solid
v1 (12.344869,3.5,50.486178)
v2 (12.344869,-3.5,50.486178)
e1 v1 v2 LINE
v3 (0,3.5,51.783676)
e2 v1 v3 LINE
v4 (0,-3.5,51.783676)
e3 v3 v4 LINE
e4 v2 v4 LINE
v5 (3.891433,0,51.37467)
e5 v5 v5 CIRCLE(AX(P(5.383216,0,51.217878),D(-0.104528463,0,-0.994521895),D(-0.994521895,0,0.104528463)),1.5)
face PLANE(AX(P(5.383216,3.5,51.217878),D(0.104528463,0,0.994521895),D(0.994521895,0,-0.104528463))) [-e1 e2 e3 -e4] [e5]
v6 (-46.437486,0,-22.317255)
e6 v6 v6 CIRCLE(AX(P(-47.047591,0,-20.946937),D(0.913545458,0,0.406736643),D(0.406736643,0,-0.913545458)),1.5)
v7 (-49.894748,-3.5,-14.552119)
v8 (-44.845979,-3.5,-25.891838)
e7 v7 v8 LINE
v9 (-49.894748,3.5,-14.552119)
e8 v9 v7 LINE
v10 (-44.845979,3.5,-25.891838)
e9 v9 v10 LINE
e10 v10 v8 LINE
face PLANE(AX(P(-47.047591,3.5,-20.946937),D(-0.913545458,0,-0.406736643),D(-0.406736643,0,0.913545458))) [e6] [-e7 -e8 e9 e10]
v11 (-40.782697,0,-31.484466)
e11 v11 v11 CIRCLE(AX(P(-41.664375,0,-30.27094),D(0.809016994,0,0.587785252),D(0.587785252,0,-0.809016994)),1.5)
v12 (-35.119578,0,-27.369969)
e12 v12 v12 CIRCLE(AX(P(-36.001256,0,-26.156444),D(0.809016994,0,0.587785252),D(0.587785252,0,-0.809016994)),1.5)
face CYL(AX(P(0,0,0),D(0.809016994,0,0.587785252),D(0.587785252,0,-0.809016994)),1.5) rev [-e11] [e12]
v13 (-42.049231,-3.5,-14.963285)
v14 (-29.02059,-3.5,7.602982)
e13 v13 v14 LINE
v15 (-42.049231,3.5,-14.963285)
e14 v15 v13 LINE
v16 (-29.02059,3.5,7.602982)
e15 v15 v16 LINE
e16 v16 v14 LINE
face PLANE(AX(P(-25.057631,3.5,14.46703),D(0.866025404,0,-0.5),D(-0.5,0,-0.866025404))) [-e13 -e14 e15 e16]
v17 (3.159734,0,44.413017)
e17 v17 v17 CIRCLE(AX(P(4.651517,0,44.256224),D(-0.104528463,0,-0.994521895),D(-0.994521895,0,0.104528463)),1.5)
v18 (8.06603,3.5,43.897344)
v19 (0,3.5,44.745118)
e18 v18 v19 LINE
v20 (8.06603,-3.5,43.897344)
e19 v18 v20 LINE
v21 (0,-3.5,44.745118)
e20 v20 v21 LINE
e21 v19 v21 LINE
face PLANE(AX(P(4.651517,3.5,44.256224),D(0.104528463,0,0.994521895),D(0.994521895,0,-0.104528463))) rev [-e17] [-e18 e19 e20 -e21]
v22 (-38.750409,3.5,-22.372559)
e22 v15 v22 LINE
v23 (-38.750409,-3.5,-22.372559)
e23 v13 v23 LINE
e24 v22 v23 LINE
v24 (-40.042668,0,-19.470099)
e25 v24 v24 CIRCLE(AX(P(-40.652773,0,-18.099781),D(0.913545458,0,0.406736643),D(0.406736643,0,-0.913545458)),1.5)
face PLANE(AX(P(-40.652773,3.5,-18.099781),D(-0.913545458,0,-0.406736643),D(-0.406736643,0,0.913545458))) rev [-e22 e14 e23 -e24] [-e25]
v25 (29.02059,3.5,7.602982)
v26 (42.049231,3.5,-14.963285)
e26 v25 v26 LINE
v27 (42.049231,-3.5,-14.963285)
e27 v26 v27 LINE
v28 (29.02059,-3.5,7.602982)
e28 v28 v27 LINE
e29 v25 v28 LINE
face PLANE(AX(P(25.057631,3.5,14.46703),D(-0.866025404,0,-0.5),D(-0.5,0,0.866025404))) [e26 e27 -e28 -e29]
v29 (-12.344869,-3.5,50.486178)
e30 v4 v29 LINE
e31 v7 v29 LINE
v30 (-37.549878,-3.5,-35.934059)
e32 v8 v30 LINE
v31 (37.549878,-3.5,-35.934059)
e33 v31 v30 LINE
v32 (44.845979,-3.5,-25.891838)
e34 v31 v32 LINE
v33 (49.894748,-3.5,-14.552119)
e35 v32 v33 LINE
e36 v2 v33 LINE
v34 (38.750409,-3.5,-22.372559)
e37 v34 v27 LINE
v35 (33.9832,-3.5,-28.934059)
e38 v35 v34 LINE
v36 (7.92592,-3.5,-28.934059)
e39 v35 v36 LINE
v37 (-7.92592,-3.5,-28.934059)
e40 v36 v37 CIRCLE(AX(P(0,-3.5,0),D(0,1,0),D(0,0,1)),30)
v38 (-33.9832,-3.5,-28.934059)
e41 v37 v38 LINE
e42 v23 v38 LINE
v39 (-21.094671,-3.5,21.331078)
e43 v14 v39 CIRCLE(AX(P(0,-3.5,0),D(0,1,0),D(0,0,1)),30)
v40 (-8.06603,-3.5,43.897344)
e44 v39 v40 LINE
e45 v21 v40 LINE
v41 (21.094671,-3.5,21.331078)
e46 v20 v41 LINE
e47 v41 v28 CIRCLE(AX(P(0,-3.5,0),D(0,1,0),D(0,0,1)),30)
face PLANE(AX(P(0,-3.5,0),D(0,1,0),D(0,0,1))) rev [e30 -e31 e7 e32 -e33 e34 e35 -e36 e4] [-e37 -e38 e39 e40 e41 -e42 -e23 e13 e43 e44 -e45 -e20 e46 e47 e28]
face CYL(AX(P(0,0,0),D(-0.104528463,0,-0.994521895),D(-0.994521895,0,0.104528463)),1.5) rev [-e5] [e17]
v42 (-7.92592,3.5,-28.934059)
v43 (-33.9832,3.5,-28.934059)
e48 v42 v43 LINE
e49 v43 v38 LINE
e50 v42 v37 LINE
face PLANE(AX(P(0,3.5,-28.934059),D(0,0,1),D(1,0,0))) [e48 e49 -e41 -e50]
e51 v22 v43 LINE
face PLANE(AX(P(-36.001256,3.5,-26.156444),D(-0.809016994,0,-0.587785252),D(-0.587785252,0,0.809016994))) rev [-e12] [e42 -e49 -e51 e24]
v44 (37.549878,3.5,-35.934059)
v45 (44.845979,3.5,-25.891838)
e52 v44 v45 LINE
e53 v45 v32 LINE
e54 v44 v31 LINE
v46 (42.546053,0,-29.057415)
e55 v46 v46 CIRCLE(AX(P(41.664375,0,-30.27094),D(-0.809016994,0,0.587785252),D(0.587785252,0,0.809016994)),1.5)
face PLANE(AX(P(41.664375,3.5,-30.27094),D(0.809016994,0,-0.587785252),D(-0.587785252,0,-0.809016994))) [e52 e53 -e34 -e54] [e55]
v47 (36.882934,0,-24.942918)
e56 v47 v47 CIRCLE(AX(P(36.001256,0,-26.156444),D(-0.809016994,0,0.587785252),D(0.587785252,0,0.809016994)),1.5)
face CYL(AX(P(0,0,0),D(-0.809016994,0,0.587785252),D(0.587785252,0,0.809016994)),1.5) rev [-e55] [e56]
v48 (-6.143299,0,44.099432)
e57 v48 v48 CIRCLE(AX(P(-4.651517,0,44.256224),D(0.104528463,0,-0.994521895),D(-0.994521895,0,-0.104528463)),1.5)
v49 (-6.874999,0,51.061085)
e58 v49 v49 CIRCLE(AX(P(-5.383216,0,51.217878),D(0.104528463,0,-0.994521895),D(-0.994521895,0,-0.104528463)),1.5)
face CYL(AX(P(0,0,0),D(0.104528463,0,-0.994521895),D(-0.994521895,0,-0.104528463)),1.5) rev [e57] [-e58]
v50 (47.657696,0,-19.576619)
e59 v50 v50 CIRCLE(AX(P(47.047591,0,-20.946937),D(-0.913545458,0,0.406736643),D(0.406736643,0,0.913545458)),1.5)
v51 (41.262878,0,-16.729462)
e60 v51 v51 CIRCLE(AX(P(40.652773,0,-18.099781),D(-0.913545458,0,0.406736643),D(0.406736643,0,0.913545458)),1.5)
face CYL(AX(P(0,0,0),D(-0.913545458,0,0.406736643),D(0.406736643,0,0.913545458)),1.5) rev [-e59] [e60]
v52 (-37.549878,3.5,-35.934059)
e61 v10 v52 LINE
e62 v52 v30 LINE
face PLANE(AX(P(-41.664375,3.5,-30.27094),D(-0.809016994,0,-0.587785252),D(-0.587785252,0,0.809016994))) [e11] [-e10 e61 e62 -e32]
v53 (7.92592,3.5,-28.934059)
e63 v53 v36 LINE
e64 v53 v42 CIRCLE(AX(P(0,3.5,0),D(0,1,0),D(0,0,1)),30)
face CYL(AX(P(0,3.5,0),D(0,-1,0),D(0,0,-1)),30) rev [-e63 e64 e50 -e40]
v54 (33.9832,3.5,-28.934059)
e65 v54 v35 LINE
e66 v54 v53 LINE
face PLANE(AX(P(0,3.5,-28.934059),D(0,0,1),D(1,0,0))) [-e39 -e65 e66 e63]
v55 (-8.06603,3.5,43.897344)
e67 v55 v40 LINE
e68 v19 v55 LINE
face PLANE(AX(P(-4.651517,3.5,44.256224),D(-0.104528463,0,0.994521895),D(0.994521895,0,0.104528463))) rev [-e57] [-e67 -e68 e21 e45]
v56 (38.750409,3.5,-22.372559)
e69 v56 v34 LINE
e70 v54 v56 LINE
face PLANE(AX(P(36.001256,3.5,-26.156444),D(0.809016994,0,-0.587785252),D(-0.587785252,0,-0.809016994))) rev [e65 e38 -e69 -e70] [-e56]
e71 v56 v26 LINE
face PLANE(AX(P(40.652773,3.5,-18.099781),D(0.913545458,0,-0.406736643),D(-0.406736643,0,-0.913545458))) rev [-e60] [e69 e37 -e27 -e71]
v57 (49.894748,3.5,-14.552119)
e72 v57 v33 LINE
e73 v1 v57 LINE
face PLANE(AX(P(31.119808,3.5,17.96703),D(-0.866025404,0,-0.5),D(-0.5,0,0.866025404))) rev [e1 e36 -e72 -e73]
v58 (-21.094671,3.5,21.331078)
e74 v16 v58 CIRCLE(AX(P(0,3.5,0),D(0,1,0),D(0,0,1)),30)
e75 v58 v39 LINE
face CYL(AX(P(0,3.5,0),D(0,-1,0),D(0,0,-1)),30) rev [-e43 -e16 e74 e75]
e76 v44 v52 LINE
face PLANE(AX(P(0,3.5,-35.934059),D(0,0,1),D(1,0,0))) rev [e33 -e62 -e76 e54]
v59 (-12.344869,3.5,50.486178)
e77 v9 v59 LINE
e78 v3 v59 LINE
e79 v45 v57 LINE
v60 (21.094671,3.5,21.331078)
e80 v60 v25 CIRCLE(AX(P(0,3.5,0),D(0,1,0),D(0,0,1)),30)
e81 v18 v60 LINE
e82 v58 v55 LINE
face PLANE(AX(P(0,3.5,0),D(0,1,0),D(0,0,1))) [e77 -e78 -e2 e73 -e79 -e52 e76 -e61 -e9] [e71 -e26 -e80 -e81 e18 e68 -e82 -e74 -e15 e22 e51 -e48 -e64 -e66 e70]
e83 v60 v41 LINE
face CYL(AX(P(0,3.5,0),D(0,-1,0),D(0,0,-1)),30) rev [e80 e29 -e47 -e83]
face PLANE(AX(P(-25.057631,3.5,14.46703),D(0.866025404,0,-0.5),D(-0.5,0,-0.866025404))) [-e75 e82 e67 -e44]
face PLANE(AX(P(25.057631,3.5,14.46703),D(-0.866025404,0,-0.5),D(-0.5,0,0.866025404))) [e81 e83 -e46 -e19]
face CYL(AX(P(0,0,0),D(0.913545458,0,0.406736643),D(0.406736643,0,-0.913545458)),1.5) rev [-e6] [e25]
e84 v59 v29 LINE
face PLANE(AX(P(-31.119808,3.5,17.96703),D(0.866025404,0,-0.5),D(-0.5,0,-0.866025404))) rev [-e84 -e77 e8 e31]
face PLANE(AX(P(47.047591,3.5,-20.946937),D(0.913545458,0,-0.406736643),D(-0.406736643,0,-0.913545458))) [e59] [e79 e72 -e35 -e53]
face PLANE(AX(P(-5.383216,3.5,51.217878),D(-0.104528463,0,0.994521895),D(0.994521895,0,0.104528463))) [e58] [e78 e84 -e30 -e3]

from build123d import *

# Parameters (mm, degrees)
EXTRUDE_1_DEPTH          = 3.5
PATTERN_CIRCULAR_1_COUNT = 3


with BuildPart() as part:
    # Эскиз1 → Бобышка-Вытянуть1 (new, symmetric)
    with BuildSketch(Plane(origin=(0, 0, 0), x_dir=(1, 0, 0), z_dir=(0, 1, 0))):
        Polygon((-44.845979262, 25.891838199), (-49.89474757, 14.552118915), (-12.344869126, -50.486178369), (0, -51.783676398), (12.344869126, -50.486178369), (49.89474757, 14.552118915), (44.845979262, 25.891838199), (37.549878444, 35.934059454), (-37.549878444, 35.934059454), align=None)
        with BuildLine():
            Line((-38.750409265, 22.37255922), (-33.983200298, 28.934059454))
            Line((-33.983200298, 28.934059454), (-7.925919728, 28.934059454))
            ThreePointArc((-7.925919728, 28.934059454), (0, 30), (7.925919728, 28.934059454))
            Line((7.925919728, 28.934059454), (33.983200298, 28.934059454))
            Line((33.983200298, 28.934059454), (38.750409265, 22.37255922))
            Line((38.750409265, 22.37255922), (42.04923067, 14.963285033))
            Line((42.04923067, 14.963285033), (29.020590385, -7.602981894))
            ThreePointArc((29.020590385, -7.602981894), (25.980762114, -15), (21.094670658, -21.331077559))
            Line((21.094670658, -21.331077559), (8.066030373, -43.897344487))
            Line((8.066030373, -43.897344487), (0, -44.745118441))
            Line((0, -44.745118441), (-8.066030373, -43.897344487))
            Line((-8.066030373, -43.897344487), (-21.094670658, -21.331077559))
            ThreePointArc((-21.094670658, -21.331077559), (-25.980762114, -15), (-29.020590385, -7.602981894))
            Line((-29.020590385, -7.602981894), (-42.04923067, 14.963285033))
            Line((-42.04923067, 14.963285033), (-38.750409265, 22.37255922))
        make_face(mode=Mode.SUBTRACT)
    extrude(amount=EXTRUDE_1_DEPTH, both=True)

    # Эскиз1<3> → Вырез-Повернуть1 (revolve, cut)
    with BuildSketch(Plane(origin=(0, 0, 0), x_dir=(1, 0, 0), z_dir=(0, 1, 0))):
        Polygon((-41.26287783, 16.72946243), (-40.652772865, 18.099780617), (-47.047591069, 20.946937118), (-47.657696033, 19.576618932), align=None)
    cut_revolve_1 = revolve(axis=Axis((0, 0, 0), (-0.9135454576426014, 0, -0.406736643075799)), mode=Mode.SUBTRACT)

    # Эскиз1<4> → Вырез-Повернуть2 (revolve, cut)
    with BuildSketch(Plane(origin=(0, 0, 0), x_dir=(1, 0, 0), z_dir=(0, 1, 0))):
        Polygon((-41.66437521, 30.270940493), (-36.00125625, 26.156443727), (-35.119578371, 27.369969219), (-40.782697332, 31.484465985), align=None)
    cut_revolve_2 = revolve(axis=Axis((0, 0, 0), (-0.8090169943749476, 0, -0.587785252292473)), mode=Mode.SUBTRACT)

    # Круговой массив1: Вырез-Повернуть1, Вырез-Повернуть2 ×3 about axis
    pattern_circular_1_axis = Axis((0, 3.5, 0), (0, -1, 0))
    add([cut_revolve_1.rotate(pattern_circular_1_axis, i * 360 / PATTERN_CIRCULAR_1_COUNT) for i in range(1, PATTERN_CIRCULAR_1_COUNT)], mode=Mode.SUBTRACT)
    add([cut_revolve_2.rotate(pattern_circular_1_axis, i * 360 / PATTERN_CIRCULAR_1_COUNT) for i in range(1, PATTERN_CIRCULAR_1_COUNT)], mode=Mode.SUBTRACT)


solid = part.part
